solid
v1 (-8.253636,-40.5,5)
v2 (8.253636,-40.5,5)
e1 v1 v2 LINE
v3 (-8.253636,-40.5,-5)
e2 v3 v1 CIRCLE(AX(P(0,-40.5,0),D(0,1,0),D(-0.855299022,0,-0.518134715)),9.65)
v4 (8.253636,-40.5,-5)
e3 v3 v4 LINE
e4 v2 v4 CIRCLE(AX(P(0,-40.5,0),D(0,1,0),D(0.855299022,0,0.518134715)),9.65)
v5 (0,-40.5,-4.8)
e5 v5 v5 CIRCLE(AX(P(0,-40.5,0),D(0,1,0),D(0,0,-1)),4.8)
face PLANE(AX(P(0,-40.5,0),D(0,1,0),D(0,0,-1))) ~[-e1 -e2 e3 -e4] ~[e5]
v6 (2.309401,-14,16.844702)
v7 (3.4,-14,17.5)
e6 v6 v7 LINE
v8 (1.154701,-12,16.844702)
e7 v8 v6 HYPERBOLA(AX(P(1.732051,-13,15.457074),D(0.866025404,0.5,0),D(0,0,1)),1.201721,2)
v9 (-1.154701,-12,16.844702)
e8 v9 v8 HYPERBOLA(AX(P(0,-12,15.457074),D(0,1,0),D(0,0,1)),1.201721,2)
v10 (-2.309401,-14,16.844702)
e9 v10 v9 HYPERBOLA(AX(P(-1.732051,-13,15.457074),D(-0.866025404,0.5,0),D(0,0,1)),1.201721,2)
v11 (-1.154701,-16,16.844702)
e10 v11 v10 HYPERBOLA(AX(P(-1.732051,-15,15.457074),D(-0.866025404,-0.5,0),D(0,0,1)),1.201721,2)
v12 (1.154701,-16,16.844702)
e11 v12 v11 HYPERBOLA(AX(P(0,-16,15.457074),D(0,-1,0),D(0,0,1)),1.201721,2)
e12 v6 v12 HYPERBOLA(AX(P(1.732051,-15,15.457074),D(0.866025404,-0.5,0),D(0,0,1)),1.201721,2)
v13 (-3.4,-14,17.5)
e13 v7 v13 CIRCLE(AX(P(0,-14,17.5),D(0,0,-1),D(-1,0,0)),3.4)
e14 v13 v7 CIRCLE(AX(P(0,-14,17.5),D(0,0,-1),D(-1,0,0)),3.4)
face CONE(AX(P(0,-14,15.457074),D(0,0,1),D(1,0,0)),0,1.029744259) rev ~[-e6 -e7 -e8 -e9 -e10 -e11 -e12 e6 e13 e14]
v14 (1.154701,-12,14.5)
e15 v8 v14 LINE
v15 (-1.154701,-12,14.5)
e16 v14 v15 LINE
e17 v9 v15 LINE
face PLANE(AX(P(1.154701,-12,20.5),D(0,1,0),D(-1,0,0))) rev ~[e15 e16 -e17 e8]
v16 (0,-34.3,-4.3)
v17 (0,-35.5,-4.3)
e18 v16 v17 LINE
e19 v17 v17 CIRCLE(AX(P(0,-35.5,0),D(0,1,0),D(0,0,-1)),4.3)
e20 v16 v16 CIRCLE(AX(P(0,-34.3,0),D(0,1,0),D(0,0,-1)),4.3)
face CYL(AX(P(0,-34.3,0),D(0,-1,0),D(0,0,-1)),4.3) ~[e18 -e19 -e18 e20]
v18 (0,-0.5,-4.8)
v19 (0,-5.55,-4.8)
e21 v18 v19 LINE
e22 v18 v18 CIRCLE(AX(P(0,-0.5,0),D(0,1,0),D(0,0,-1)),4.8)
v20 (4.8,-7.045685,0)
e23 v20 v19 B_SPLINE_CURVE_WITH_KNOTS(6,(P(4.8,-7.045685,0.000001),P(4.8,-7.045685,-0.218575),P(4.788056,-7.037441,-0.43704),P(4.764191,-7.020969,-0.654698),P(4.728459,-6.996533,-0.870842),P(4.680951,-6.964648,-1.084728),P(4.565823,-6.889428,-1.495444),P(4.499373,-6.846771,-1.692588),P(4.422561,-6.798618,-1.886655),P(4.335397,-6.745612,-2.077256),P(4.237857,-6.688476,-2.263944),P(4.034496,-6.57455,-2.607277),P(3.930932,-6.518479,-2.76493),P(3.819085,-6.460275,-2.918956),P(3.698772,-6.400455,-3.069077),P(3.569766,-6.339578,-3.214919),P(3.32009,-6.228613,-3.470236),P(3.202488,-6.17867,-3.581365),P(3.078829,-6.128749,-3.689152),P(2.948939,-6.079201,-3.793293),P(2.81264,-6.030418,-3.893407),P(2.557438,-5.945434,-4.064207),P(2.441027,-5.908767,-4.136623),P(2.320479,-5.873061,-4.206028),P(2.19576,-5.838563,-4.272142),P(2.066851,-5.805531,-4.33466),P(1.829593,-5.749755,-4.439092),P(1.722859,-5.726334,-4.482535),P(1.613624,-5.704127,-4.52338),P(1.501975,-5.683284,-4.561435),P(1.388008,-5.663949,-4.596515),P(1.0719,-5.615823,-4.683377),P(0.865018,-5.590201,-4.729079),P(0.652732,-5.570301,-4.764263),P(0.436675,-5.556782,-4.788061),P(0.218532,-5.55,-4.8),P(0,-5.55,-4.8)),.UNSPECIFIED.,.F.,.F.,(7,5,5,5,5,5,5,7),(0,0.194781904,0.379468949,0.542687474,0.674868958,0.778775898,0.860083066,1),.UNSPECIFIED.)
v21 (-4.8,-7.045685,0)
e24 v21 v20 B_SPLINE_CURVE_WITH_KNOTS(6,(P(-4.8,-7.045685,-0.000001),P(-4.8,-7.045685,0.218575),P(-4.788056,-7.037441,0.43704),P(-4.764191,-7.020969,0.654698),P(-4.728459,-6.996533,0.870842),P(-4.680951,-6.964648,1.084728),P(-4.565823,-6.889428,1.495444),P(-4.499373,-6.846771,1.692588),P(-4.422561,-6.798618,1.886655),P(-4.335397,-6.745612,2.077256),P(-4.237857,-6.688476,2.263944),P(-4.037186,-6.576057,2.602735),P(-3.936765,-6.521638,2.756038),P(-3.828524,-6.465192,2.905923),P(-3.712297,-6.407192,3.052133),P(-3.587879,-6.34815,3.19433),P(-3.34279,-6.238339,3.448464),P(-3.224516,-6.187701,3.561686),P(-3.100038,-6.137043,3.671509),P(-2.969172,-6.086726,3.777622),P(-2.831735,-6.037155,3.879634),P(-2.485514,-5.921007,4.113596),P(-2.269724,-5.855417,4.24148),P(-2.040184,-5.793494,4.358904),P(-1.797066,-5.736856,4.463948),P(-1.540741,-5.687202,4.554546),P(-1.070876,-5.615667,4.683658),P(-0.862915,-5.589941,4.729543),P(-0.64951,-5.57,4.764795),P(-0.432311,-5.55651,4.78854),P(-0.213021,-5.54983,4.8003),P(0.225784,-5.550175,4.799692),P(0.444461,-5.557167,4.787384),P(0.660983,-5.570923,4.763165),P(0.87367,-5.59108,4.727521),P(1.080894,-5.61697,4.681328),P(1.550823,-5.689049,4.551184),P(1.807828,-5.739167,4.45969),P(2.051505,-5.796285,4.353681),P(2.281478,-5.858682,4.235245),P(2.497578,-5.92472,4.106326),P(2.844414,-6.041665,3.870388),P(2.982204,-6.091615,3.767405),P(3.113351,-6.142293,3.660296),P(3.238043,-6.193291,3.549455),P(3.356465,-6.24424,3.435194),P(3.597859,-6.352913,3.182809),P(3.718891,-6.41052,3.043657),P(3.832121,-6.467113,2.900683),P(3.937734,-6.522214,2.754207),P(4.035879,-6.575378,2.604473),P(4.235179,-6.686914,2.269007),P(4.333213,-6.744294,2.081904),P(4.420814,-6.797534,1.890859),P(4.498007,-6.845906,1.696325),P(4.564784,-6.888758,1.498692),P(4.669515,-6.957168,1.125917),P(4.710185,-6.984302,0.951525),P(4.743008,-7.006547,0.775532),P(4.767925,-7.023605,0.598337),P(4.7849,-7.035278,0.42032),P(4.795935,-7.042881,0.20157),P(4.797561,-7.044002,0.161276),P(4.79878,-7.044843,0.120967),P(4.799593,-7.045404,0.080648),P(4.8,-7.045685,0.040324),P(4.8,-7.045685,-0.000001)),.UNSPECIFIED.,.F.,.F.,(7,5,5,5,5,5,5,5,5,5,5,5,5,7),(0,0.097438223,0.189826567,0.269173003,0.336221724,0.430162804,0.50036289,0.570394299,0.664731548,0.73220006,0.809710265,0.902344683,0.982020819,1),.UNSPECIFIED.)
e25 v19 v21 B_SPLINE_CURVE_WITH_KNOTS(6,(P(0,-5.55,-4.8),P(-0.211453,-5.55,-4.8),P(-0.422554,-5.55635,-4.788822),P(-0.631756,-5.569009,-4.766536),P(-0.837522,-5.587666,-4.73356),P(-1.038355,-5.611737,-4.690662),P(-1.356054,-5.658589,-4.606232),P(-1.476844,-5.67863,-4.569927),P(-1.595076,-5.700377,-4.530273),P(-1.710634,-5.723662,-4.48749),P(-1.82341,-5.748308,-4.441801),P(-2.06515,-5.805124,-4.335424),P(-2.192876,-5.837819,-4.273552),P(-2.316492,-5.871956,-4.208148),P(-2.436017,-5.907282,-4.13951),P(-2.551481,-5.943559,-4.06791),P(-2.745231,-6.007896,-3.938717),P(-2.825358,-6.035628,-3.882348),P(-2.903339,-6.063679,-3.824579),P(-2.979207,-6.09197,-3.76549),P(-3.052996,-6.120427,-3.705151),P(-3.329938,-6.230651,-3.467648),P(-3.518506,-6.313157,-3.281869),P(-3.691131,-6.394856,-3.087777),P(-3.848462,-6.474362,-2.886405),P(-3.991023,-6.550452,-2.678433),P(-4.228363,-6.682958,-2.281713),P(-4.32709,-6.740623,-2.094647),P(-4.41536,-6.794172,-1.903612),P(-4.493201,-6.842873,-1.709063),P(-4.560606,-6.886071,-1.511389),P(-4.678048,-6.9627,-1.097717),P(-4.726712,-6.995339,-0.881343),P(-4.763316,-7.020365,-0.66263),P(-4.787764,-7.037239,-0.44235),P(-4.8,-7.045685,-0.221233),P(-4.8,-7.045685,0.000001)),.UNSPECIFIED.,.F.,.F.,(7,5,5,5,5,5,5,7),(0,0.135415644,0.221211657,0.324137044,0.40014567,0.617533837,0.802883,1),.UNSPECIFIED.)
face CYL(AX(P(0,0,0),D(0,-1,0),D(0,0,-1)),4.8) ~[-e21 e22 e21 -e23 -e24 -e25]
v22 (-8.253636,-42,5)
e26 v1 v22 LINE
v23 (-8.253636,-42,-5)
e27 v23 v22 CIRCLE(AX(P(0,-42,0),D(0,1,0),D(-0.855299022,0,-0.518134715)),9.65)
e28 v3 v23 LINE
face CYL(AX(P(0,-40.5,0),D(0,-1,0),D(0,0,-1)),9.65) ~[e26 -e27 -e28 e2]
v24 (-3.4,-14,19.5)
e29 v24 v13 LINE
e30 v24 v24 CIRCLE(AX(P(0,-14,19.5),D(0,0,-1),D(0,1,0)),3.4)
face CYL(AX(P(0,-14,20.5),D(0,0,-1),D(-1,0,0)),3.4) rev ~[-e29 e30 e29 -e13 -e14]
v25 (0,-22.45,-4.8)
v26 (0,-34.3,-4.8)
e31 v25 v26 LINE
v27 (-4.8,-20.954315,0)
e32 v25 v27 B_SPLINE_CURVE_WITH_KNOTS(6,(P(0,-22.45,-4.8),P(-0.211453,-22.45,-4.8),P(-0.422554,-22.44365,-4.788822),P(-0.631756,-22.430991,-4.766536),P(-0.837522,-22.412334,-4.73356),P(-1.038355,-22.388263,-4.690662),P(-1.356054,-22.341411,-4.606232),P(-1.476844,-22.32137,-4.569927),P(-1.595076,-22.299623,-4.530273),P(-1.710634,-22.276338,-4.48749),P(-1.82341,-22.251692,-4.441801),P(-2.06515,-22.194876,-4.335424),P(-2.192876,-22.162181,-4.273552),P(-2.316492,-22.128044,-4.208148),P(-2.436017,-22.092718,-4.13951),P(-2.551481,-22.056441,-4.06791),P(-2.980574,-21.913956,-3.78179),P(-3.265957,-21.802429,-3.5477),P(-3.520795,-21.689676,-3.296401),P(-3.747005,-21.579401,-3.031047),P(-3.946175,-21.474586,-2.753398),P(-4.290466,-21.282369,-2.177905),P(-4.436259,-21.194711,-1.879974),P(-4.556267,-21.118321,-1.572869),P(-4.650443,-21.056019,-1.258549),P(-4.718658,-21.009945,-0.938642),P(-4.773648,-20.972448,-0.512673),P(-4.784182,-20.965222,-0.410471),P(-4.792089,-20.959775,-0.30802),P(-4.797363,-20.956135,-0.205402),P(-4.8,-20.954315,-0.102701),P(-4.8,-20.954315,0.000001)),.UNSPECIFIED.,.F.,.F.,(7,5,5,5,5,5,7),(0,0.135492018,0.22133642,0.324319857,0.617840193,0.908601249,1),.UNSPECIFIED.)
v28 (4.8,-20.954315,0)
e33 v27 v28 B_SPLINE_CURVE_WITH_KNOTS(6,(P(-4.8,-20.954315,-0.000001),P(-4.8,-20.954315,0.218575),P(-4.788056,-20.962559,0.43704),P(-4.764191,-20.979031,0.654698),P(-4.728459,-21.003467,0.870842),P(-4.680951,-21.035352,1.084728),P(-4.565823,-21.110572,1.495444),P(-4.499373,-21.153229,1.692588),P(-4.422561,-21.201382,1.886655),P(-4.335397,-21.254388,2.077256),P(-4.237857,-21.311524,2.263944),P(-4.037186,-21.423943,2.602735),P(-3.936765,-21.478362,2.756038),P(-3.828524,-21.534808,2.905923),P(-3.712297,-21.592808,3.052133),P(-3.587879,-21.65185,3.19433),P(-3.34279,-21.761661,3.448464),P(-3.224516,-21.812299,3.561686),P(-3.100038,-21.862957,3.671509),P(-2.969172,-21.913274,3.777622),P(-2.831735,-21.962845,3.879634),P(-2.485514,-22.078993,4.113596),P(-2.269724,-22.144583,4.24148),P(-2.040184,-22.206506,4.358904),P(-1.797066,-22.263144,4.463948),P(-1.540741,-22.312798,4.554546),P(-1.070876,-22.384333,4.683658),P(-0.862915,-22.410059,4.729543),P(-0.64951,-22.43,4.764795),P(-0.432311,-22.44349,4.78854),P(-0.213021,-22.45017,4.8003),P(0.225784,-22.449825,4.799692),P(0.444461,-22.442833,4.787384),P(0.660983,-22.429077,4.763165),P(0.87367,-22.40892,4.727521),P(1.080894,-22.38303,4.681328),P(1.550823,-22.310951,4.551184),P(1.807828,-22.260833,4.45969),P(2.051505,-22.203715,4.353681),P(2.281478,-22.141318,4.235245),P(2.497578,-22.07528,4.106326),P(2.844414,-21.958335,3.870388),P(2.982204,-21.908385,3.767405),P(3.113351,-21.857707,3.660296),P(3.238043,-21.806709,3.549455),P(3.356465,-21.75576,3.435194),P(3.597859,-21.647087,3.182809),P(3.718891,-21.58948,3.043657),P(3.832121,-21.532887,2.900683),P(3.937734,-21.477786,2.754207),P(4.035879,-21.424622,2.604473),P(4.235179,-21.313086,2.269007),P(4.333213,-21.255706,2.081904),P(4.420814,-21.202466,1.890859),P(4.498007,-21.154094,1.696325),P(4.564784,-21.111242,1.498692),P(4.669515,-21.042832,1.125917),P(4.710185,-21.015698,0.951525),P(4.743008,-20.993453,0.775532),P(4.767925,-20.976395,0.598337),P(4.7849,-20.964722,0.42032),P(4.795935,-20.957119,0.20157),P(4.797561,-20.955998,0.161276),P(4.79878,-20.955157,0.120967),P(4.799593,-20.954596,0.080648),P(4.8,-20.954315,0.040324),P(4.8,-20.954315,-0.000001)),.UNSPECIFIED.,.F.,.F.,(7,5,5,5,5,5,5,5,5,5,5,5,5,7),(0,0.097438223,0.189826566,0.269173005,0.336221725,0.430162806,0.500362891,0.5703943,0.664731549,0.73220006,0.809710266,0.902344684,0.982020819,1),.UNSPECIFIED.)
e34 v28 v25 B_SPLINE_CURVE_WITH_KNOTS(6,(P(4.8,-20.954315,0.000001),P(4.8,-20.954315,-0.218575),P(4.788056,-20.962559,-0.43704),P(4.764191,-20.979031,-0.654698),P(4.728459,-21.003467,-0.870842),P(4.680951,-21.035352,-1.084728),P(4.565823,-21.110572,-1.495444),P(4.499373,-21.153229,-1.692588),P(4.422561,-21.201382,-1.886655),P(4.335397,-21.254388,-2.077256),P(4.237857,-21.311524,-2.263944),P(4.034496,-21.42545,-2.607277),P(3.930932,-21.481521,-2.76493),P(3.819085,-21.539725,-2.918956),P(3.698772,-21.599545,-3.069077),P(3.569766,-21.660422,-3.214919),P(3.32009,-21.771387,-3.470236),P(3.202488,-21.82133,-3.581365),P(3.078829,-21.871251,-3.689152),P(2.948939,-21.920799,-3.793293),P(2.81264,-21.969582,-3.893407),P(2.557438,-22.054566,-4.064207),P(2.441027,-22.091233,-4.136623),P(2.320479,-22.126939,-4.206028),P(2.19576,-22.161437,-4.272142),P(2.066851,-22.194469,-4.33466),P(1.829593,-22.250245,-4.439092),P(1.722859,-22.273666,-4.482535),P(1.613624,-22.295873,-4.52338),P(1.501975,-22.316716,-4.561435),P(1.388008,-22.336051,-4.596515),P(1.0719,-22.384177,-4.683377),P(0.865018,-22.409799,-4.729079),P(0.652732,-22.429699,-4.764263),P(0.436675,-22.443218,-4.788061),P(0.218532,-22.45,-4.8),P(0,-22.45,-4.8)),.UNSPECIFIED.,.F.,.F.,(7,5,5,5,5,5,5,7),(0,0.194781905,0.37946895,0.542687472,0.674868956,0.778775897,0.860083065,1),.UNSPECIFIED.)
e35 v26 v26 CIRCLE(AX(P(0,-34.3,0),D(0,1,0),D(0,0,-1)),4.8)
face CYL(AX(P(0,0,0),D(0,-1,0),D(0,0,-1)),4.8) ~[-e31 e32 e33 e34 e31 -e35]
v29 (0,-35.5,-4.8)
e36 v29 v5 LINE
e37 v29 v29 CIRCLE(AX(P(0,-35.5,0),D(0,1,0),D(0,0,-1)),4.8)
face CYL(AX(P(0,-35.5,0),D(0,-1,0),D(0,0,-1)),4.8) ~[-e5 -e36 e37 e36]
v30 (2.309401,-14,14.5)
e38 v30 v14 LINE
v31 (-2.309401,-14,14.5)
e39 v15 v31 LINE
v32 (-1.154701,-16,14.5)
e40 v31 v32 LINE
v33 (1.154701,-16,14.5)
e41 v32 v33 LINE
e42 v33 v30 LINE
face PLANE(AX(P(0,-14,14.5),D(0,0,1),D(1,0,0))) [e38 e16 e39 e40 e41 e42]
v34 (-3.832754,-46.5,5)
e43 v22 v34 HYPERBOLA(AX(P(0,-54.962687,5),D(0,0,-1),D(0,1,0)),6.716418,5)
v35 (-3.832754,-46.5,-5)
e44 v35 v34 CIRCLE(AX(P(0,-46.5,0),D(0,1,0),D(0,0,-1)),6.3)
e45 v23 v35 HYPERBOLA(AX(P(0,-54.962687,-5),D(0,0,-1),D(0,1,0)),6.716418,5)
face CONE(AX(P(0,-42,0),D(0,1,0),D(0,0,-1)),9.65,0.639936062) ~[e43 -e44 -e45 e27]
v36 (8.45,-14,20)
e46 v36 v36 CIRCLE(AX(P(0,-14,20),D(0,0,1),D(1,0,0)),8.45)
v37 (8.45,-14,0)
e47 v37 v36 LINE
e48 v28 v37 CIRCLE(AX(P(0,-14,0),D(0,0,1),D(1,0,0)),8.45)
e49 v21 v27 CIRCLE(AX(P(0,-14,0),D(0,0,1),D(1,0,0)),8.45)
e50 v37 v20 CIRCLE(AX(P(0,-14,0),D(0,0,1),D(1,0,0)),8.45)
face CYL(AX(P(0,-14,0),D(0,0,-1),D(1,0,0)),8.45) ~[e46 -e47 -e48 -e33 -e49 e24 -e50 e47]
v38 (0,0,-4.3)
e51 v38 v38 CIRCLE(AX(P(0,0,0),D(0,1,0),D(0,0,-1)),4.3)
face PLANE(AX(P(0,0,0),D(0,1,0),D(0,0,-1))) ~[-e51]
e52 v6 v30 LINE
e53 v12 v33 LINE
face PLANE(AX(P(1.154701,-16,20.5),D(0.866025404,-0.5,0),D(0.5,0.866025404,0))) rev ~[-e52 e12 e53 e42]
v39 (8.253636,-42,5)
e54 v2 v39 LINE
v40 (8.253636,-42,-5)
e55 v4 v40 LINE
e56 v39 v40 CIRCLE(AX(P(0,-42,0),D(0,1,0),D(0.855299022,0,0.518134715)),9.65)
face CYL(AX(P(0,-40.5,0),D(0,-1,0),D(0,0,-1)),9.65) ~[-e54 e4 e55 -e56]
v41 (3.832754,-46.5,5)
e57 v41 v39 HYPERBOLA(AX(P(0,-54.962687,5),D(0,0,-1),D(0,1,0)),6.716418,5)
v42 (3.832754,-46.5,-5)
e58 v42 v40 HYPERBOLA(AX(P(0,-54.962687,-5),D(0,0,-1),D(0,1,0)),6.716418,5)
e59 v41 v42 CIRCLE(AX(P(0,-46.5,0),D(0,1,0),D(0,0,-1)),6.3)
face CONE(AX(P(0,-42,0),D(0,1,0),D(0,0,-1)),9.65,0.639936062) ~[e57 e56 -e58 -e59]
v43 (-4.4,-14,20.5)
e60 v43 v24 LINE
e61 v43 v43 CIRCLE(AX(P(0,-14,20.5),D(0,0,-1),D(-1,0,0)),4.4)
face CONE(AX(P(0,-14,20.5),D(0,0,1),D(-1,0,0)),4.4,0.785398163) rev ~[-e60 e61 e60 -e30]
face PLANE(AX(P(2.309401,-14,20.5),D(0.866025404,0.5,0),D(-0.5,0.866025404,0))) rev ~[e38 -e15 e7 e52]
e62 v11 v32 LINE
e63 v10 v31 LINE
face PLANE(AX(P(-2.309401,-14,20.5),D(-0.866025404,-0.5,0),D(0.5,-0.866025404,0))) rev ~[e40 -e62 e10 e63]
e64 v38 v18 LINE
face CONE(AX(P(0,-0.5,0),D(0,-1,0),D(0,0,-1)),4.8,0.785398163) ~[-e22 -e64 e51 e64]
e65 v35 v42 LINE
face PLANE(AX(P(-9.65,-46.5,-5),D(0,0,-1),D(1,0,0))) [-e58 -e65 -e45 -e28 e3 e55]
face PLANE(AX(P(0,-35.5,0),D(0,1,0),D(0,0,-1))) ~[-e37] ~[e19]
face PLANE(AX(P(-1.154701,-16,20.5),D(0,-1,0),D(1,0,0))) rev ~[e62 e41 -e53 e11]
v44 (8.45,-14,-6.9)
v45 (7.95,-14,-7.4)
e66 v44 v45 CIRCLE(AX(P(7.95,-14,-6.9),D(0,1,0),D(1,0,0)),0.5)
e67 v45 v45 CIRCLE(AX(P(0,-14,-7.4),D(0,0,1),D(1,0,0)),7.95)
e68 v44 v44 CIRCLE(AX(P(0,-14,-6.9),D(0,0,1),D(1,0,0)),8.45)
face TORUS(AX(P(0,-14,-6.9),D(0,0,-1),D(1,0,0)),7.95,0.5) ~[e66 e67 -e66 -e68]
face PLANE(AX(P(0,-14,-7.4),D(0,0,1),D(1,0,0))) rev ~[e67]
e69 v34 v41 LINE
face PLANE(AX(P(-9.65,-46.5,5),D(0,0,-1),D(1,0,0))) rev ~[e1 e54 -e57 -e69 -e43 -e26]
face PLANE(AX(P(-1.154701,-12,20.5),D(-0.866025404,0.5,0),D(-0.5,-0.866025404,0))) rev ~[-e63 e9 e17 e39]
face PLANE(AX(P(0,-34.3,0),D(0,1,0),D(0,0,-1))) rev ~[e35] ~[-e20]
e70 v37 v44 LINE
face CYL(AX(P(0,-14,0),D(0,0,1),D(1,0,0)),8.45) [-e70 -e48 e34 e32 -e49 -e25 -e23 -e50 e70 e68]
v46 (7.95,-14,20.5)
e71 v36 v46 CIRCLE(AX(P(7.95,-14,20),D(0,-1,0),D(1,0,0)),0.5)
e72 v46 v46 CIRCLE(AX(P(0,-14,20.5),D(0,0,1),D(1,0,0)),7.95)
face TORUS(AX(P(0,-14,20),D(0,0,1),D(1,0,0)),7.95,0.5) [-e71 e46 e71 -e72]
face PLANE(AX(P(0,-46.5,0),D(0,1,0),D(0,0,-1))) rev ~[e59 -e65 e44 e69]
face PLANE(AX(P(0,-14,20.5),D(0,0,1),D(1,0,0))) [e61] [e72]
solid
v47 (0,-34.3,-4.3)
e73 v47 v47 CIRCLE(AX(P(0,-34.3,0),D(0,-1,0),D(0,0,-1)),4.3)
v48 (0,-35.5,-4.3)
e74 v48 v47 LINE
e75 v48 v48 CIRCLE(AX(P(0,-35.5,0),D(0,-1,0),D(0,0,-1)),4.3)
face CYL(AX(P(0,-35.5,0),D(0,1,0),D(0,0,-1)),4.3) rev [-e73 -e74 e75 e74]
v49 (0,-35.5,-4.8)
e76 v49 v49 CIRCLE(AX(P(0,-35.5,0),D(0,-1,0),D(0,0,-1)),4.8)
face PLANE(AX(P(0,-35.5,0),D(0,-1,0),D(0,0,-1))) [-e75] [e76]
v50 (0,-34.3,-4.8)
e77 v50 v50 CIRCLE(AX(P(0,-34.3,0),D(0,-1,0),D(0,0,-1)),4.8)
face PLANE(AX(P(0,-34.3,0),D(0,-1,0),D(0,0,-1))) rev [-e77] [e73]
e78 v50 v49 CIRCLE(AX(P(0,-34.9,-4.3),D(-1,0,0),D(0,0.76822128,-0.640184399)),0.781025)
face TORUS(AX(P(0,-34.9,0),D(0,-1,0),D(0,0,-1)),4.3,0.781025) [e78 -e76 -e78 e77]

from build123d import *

# Parameters (mm, degrees)
SKETCH_6_OUTSIDE_W          = 32.084
SKETCH_6_OUTSIDE_H          = 32.084
SKETCH_6_OUTSIDE_W_2        = 19.3
SKETCH_6_OUTSIDE_H_2        = 10
CUT_EXTRUDE_1_DEPTH         = 6
CHAMFER_1_SIZE              = 0.5
SKETCH_12_R                 = 8.45
EXTRUDE_2_DEPTH             = 20.5
EXTRUDE_2_DEPTH_BACK        = 7.4
HOLE_WIZARD_M81_D           = 6.8
HOLE_WIZARD_M81_DEPTH       = 3
HOLE_WIZARD_M81_CSINK_D     = 8.8
HOLE_WIZARD_M81_CSINK_ANGLE = 90
HOLE_WIZARD_M81_TIP         = 2.042926105
FILLET_1_R                  = 0.5
CUT_EXTRUDE_2_DEPTH         = 6


with BuildPart() as part:
    # Эскиз3 → Повернуть1 (revolve)
    with BuildSketch(Plane.XY, mode=Mode.PRIVATE) as revolve_1_sk:
        Polygon((0, 0), (-4.8, 0), (-4.8, -34.3), (-4.3, -34.3), (-4.3, -35.5), (-4.8, -35.5), (-4.8, -40.5), (-9.65, -40.5), (-9.65, -42), (-6.3, -46.5), (0, -46.5), align=None)
    revolve(revolve_1_sk.sketch.rotate(Axis((0, 0, 0), (0, 1, 0)), 270), axis=Axis((0, 0, 0), (0, 1, 0)))  # turned: the seam where the file's is

    # Эскиз6 outside → Вырез-Вытянуть1 (cut)
    with BuildSketch(Plane.XZ.offset(46.5)):
        Rectangle(SKETCH_6_OUTSIDE_W, SKETCH_6_OUTSIDE_H)
        Rectangle(SKETCH_6_OUTSIDE_W_2, SKETCH_6_OUTSIDE_H_2, mode=Mode.SUBTRACT)
    extrude(amount=-CUT_EXTRUDE_1_DEPTH, mode=Mode.SUBTRACT)

    # Фаска1
    chamfer_1_edges = [part.edges().sort_by_distance(p)[0] for p in [
        (0, 0, 4.8),
    ]]
    chamfer(chamfer_1_edges, length=CHAMFER_1_SIZE)

    # Эскиз12 → Бобышка-Вытянуть2 (add, two sides)
    with BuildSketch(Plane.XY) as extrude_2_sk:
        with Locations((0, -14)):
            Circle(SKETCH_12_R)
    extrude(amount=EXTRUDE_2_DEPTH)
    extrude(extrude_2_sk.sketch, amount=-EXTRUDE_2_DEPTH_BACK)

    # Отверстие обработанное метчиком M81
    with Locations(Plane.XY.offset(20.5)):
        with Locations((0, -14)):
            CounterSinkHole(HOLE_WIZARD_M81_D / 2, HOLE_WIZARD_M81_CSINK_D / 2, depth=HOLE_WIZARD_M81_DEPTH, counter_sink_angle=HOLE_WIZARD_M81_CSINK_ANGLE)
            with Locations((0, 0, -(HOLE_WIZARD_M81_DEPTH + HOLE_WIZARD_M81_TIP / 2))):  # 118° drill point
                Cone(0, HOLE_WIZARD_M81_D / 2, HOLE_WIZARD_M81_TIP, mode=Mode.SUBTRACT)

    # Скругление1
    fillet_1_edges = [part.edges().sort_by_distance(p)[0] for p in [
        (-8.45, -14, -7.4),
        (-8.45, -14, 20.5),
    ]]
    fillet(fillet_1_edges, radius=FILLET_1_R)

    # Эскиз15 → Вырез-Вытянуть2 (cut)
    with BuildSketch(Plane.XY.offset(20.5)):
        Polygon((2.309401077, -14), (1.154700538, -12), (-1.154700538, -12), (-2.309401077, -14), (-1.154700538, -16), (1.154700538, -16), align=None)
    extrude(amount=-CUT_EXTRUDE_2_DEPTH, mode=Mode.SUBTRACT)


with BuildPart() as body_2:
    # Эскиз16 → Повернуть2 (revolve)
    with BuildSketch(Plane.XY, mode=Mode.PRIVATE) as revolve_2_sk:
        with BuildLine():
            Line((-4.3, -34.3), (-4.8, -34.3))
            ThreePointArc((-4.8, -34.3), (-5.081024968, -34.9), (-4.8, -35.5))
            Line((-4.8, -35.5), (-4.3, -35.5))
            Line((-4.3, -35.5), (-4.3, -34.3))
        make_face()
    revolve(revolve_2_sk.sketch.rotate(Axis((0, -34.3, 0), (0, -1, 0)), 90), axis=Axis((0, -34.3, 0), (0, -1, 0)))  # turned: the seam where the file's is


solid = Compound([part.part, body_2.part])
